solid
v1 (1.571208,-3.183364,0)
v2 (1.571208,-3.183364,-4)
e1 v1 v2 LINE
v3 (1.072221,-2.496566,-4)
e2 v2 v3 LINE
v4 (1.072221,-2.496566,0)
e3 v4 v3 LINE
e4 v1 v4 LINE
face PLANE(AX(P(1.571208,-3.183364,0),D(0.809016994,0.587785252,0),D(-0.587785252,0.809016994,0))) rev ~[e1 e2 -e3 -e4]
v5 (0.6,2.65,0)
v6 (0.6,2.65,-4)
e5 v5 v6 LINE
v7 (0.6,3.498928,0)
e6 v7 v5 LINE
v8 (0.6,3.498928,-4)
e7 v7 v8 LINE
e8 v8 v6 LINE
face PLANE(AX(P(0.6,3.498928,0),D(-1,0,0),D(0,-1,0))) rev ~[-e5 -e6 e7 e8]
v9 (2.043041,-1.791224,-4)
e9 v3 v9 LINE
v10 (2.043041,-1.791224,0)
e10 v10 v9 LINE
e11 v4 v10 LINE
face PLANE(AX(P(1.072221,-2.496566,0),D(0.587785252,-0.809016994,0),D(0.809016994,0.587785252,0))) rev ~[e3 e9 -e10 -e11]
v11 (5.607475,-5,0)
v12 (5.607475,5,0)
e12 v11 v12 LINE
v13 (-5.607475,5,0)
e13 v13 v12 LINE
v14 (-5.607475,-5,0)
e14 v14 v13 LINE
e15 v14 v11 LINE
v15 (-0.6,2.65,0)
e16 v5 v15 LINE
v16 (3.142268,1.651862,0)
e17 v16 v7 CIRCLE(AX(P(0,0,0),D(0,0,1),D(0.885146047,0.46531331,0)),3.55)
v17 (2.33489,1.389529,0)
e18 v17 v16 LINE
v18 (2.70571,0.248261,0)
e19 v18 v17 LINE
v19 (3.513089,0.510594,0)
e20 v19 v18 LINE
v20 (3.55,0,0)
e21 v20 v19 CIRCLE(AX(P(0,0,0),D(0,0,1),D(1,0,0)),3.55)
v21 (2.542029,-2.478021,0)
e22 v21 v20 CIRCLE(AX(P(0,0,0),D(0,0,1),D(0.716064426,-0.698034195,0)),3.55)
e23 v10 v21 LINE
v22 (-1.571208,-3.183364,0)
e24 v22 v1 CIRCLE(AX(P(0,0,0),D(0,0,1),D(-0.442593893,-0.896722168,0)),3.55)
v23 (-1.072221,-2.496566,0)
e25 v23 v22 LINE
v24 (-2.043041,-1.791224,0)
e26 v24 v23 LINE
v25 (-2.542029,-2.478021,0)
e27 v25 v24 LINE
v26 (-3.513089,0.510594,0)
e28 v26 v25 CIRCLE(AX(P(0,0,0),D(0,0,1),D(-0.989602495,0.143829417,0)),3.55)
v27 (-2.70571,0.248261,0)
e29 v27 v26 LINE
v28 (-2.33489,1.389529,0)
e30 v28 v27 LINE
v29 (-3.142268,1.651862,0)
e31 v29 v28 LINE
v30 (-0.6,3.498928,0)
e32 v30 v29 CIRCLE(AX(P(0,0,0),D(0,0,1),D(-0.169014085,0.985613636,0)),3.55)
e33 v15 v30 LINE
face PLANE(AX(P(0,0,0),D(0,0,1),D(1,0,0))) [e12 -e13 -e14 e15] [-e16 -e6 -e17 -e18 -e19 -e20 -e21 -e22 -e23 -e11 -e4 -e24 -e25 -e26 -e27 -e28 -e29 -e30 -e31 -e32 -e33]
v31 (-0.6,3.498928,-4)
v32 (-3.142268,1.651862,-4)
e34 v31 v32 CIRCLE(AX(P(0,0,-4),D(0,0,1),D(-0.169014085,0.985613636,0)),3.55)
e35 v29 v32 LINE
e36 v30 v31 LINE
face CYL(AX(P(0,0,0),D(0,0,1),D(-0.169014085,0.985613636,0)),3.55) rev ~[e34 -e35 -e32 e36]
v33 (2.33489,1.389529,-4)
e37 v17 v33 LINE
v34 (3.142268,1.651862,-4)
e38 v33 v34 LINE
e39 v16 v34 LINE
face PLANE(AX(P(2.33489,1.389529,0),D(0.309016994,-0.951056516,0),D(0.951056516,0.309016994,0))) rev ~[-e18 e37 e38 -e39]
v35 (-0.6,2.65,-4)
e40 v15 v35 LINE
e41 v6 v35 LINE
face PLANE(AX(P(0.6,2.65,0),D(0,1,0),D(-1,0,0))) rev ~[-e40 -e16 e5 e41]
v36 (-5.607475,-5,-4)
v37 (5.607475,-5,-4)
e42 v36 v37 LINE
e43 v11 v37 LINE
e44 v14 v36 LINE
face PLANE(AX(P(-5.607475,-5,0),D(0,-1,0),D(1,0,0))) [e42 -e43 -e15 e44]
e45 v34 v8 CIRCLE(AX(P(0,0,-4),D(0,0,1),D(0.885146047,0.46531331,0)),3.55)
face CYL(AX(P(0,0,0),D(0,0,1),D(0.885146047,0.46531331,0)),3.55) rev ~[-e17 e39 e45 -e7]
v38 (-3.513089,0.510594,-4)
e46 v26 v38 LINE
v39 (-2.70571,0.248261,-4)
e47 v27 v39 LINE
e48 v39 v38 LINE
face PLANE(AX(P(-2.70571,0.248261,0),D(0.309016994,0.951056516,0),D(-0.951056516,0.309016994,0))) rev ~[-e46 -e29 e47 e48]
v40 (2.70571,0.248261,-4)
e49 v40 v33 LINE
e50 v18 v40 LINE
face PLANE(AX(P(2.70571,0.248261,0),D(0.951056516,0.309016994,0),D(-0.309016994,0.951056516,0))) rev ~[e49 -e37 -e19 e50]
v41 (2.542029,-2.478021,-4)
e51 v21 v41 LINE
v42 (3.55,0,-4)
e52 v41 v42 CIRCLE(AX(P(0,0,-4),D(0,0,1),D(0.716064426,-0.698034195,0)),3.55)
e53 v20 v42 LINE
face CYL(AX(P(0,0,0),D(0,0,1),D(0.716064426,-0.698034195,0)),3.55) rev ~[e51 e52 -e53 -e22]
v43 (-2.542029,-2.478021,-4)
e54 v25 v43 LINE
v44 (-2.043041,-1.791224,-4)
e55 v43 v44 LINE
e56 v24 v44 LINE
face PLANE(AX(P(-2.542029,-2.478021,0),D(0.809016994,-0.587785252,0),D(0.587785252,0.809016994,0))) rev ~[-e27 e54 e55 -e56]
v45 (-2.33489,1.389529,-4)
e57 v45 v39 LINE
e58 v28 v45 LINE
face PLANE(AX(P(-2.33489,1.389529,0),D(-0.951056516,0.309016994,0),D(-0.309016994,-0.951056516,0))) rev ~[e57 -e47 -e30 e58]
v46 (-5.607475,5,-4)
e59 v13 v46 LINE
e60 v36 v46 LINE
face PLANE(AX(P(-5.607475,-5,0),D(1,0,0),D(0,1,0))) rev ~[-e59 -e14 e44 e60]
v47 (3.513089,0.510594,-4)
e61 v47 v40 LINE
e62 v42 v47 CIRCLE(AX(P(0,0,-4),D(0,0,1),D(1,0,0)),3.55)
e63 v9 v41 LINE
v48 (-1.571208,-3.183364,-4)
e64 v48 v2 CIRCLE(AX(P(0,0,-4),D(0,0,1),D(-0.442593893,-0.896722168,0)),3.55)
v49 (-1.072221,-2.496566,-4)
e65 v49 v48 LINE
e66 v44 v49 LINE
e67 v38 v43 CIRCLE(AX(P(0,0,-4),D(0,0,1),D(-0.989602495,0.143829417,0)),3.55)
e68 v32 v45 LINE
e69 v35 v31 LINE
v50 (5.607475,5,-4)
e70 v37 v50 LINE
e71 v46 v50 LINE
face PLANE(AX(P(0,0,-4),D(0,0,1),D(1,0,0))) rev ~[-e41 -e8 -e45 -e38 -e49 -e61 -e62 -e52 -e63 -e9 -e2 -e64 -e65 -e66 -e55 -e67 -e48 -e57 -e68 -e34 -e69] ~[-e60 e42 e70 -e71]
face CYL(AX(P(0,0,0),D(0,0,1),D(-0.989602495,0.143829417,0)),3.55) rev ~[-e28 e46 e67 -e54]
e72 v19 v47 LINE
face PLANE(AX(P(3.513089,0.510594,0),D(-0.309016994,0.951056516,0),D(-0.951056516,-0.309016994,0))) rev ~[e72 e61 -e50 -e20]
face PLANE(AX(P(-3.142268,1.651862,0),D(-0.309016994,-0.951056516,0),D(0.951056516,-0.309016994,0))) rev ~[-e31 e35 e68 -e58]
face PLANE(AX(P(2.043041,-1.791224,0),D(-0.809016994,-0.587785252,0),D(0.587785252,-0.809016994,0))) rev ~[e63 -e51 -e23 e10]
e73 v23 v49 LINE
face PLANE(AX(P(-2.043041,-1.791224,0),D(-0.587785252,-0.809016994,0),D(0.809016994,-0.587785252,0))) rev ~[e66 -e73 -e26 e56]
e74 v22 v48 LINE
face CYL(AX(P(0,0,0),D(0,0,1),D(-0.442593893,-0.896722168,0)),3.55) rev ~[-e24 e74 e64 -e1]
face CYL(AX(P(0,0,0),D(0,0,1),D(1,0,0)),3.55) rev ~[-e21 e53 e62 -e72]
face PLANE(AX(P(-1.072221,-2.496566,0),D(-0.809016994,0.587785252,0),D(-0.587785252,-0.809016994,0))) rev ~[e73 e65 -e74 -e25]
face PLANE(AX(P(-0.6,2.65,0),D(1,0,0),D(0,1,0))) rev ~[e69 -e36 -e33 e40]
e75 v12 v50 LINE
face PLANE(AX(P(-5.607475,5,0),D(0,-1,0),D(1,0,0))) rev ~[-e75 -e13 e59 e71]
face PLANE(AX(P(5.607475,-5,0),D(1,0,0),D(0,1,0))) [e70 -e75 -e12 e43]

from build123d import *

# Parameters (mm, degrees)
F1_W     = 11.2149509114
F1_H     = 10
F2_DEPTH = 4
F4_DEPTH = 4


with BuildPart() as f2:
    # F1 (on Top) → F2 (new body)
    with BuildSketch(Plane.XY):
        Rectangle(F1_W, F1_H)
    extrude(amount=-F2_DEPTH)

    # F3 (on Top) → F4 (cut)
    with BuildSketch(Plane.XY):
        with BuildLine():
            ThreePointArc((2.5420287133, -2.4780213923), (3.2883660025, -1.3375907572), (3.55, 0))
            ThreePointArc((3.55, 0), (3.5407601901, 0.2559634273), (3.5130888585, 0.5105944302))
            Line((3.5130888585, 0.5105944302), (2.7057099648, 0.2482611253))
            Line((2.7057099648, 0.2482611253), (2.3348895716, 1.3895289449))
            Line((2.3348895716, 1.3895289449), (3.1422684653, 1.6518622498))
            ThreePointArc((3.1422684653, 1.6518622498), (2.0866376456, 2.87201033), (0.6, 3.4989284074))
            Line((0.6, 3.4989284074), (0.6, 2.65))
            Line((0.6, 2.65), (-0.6, 2.65))
            Line((-0.6, 2.65), (-0.6, 3.4989284074))
            ThreePointArc((-0.6, 3.4989284074), (-2.0866376456, 2.87201033), (-3.1422684653, 1.6518622498))
            Line((-3.1422684653, 1.6518622498), (-2.3348895716, 1.3895289449))
            Line((-2.3348895716, 1.3895289449), (-2.7057099648, 0.2482611253))
            Line((-2.7057099648, 0.2482611253), (-3.5130888585, 0.5105944302))
            ThreePointArc((-3.5130888585, 0.5105944302), (-3.3762506328, -1.09701033), (-2.5420287133, -2.4780213923))
            Line((-2.5420287133, -2.4780213923), (-2.0430411152, -1.7912238837))
            Line((-2.0430411152, -1.7912238837), (-1.072220722, -2.4965661865))
            Line((-1.072220722, -2.4965661865), (-1.5712083201, -3.1833636951))
            ThreePointArc((-1.5712083201, -3.1833636951), (0, -3.55), (1.5712083201, -3.1833636951))
            Line((1.5712083201, -3.1833636951), (1.072220722, -2.4965661865))
            Line((1.072220722, -2.4965661865), (2.0430411152, -1.7912238837))
            Line((2.0430411152, -1.7912238837), (2.5420287133, -2.4780213923))
        make_face()
    extrude(amount=-F4_DEPTH, mode=Mode.SUBTRACT)


solid = f2.part
